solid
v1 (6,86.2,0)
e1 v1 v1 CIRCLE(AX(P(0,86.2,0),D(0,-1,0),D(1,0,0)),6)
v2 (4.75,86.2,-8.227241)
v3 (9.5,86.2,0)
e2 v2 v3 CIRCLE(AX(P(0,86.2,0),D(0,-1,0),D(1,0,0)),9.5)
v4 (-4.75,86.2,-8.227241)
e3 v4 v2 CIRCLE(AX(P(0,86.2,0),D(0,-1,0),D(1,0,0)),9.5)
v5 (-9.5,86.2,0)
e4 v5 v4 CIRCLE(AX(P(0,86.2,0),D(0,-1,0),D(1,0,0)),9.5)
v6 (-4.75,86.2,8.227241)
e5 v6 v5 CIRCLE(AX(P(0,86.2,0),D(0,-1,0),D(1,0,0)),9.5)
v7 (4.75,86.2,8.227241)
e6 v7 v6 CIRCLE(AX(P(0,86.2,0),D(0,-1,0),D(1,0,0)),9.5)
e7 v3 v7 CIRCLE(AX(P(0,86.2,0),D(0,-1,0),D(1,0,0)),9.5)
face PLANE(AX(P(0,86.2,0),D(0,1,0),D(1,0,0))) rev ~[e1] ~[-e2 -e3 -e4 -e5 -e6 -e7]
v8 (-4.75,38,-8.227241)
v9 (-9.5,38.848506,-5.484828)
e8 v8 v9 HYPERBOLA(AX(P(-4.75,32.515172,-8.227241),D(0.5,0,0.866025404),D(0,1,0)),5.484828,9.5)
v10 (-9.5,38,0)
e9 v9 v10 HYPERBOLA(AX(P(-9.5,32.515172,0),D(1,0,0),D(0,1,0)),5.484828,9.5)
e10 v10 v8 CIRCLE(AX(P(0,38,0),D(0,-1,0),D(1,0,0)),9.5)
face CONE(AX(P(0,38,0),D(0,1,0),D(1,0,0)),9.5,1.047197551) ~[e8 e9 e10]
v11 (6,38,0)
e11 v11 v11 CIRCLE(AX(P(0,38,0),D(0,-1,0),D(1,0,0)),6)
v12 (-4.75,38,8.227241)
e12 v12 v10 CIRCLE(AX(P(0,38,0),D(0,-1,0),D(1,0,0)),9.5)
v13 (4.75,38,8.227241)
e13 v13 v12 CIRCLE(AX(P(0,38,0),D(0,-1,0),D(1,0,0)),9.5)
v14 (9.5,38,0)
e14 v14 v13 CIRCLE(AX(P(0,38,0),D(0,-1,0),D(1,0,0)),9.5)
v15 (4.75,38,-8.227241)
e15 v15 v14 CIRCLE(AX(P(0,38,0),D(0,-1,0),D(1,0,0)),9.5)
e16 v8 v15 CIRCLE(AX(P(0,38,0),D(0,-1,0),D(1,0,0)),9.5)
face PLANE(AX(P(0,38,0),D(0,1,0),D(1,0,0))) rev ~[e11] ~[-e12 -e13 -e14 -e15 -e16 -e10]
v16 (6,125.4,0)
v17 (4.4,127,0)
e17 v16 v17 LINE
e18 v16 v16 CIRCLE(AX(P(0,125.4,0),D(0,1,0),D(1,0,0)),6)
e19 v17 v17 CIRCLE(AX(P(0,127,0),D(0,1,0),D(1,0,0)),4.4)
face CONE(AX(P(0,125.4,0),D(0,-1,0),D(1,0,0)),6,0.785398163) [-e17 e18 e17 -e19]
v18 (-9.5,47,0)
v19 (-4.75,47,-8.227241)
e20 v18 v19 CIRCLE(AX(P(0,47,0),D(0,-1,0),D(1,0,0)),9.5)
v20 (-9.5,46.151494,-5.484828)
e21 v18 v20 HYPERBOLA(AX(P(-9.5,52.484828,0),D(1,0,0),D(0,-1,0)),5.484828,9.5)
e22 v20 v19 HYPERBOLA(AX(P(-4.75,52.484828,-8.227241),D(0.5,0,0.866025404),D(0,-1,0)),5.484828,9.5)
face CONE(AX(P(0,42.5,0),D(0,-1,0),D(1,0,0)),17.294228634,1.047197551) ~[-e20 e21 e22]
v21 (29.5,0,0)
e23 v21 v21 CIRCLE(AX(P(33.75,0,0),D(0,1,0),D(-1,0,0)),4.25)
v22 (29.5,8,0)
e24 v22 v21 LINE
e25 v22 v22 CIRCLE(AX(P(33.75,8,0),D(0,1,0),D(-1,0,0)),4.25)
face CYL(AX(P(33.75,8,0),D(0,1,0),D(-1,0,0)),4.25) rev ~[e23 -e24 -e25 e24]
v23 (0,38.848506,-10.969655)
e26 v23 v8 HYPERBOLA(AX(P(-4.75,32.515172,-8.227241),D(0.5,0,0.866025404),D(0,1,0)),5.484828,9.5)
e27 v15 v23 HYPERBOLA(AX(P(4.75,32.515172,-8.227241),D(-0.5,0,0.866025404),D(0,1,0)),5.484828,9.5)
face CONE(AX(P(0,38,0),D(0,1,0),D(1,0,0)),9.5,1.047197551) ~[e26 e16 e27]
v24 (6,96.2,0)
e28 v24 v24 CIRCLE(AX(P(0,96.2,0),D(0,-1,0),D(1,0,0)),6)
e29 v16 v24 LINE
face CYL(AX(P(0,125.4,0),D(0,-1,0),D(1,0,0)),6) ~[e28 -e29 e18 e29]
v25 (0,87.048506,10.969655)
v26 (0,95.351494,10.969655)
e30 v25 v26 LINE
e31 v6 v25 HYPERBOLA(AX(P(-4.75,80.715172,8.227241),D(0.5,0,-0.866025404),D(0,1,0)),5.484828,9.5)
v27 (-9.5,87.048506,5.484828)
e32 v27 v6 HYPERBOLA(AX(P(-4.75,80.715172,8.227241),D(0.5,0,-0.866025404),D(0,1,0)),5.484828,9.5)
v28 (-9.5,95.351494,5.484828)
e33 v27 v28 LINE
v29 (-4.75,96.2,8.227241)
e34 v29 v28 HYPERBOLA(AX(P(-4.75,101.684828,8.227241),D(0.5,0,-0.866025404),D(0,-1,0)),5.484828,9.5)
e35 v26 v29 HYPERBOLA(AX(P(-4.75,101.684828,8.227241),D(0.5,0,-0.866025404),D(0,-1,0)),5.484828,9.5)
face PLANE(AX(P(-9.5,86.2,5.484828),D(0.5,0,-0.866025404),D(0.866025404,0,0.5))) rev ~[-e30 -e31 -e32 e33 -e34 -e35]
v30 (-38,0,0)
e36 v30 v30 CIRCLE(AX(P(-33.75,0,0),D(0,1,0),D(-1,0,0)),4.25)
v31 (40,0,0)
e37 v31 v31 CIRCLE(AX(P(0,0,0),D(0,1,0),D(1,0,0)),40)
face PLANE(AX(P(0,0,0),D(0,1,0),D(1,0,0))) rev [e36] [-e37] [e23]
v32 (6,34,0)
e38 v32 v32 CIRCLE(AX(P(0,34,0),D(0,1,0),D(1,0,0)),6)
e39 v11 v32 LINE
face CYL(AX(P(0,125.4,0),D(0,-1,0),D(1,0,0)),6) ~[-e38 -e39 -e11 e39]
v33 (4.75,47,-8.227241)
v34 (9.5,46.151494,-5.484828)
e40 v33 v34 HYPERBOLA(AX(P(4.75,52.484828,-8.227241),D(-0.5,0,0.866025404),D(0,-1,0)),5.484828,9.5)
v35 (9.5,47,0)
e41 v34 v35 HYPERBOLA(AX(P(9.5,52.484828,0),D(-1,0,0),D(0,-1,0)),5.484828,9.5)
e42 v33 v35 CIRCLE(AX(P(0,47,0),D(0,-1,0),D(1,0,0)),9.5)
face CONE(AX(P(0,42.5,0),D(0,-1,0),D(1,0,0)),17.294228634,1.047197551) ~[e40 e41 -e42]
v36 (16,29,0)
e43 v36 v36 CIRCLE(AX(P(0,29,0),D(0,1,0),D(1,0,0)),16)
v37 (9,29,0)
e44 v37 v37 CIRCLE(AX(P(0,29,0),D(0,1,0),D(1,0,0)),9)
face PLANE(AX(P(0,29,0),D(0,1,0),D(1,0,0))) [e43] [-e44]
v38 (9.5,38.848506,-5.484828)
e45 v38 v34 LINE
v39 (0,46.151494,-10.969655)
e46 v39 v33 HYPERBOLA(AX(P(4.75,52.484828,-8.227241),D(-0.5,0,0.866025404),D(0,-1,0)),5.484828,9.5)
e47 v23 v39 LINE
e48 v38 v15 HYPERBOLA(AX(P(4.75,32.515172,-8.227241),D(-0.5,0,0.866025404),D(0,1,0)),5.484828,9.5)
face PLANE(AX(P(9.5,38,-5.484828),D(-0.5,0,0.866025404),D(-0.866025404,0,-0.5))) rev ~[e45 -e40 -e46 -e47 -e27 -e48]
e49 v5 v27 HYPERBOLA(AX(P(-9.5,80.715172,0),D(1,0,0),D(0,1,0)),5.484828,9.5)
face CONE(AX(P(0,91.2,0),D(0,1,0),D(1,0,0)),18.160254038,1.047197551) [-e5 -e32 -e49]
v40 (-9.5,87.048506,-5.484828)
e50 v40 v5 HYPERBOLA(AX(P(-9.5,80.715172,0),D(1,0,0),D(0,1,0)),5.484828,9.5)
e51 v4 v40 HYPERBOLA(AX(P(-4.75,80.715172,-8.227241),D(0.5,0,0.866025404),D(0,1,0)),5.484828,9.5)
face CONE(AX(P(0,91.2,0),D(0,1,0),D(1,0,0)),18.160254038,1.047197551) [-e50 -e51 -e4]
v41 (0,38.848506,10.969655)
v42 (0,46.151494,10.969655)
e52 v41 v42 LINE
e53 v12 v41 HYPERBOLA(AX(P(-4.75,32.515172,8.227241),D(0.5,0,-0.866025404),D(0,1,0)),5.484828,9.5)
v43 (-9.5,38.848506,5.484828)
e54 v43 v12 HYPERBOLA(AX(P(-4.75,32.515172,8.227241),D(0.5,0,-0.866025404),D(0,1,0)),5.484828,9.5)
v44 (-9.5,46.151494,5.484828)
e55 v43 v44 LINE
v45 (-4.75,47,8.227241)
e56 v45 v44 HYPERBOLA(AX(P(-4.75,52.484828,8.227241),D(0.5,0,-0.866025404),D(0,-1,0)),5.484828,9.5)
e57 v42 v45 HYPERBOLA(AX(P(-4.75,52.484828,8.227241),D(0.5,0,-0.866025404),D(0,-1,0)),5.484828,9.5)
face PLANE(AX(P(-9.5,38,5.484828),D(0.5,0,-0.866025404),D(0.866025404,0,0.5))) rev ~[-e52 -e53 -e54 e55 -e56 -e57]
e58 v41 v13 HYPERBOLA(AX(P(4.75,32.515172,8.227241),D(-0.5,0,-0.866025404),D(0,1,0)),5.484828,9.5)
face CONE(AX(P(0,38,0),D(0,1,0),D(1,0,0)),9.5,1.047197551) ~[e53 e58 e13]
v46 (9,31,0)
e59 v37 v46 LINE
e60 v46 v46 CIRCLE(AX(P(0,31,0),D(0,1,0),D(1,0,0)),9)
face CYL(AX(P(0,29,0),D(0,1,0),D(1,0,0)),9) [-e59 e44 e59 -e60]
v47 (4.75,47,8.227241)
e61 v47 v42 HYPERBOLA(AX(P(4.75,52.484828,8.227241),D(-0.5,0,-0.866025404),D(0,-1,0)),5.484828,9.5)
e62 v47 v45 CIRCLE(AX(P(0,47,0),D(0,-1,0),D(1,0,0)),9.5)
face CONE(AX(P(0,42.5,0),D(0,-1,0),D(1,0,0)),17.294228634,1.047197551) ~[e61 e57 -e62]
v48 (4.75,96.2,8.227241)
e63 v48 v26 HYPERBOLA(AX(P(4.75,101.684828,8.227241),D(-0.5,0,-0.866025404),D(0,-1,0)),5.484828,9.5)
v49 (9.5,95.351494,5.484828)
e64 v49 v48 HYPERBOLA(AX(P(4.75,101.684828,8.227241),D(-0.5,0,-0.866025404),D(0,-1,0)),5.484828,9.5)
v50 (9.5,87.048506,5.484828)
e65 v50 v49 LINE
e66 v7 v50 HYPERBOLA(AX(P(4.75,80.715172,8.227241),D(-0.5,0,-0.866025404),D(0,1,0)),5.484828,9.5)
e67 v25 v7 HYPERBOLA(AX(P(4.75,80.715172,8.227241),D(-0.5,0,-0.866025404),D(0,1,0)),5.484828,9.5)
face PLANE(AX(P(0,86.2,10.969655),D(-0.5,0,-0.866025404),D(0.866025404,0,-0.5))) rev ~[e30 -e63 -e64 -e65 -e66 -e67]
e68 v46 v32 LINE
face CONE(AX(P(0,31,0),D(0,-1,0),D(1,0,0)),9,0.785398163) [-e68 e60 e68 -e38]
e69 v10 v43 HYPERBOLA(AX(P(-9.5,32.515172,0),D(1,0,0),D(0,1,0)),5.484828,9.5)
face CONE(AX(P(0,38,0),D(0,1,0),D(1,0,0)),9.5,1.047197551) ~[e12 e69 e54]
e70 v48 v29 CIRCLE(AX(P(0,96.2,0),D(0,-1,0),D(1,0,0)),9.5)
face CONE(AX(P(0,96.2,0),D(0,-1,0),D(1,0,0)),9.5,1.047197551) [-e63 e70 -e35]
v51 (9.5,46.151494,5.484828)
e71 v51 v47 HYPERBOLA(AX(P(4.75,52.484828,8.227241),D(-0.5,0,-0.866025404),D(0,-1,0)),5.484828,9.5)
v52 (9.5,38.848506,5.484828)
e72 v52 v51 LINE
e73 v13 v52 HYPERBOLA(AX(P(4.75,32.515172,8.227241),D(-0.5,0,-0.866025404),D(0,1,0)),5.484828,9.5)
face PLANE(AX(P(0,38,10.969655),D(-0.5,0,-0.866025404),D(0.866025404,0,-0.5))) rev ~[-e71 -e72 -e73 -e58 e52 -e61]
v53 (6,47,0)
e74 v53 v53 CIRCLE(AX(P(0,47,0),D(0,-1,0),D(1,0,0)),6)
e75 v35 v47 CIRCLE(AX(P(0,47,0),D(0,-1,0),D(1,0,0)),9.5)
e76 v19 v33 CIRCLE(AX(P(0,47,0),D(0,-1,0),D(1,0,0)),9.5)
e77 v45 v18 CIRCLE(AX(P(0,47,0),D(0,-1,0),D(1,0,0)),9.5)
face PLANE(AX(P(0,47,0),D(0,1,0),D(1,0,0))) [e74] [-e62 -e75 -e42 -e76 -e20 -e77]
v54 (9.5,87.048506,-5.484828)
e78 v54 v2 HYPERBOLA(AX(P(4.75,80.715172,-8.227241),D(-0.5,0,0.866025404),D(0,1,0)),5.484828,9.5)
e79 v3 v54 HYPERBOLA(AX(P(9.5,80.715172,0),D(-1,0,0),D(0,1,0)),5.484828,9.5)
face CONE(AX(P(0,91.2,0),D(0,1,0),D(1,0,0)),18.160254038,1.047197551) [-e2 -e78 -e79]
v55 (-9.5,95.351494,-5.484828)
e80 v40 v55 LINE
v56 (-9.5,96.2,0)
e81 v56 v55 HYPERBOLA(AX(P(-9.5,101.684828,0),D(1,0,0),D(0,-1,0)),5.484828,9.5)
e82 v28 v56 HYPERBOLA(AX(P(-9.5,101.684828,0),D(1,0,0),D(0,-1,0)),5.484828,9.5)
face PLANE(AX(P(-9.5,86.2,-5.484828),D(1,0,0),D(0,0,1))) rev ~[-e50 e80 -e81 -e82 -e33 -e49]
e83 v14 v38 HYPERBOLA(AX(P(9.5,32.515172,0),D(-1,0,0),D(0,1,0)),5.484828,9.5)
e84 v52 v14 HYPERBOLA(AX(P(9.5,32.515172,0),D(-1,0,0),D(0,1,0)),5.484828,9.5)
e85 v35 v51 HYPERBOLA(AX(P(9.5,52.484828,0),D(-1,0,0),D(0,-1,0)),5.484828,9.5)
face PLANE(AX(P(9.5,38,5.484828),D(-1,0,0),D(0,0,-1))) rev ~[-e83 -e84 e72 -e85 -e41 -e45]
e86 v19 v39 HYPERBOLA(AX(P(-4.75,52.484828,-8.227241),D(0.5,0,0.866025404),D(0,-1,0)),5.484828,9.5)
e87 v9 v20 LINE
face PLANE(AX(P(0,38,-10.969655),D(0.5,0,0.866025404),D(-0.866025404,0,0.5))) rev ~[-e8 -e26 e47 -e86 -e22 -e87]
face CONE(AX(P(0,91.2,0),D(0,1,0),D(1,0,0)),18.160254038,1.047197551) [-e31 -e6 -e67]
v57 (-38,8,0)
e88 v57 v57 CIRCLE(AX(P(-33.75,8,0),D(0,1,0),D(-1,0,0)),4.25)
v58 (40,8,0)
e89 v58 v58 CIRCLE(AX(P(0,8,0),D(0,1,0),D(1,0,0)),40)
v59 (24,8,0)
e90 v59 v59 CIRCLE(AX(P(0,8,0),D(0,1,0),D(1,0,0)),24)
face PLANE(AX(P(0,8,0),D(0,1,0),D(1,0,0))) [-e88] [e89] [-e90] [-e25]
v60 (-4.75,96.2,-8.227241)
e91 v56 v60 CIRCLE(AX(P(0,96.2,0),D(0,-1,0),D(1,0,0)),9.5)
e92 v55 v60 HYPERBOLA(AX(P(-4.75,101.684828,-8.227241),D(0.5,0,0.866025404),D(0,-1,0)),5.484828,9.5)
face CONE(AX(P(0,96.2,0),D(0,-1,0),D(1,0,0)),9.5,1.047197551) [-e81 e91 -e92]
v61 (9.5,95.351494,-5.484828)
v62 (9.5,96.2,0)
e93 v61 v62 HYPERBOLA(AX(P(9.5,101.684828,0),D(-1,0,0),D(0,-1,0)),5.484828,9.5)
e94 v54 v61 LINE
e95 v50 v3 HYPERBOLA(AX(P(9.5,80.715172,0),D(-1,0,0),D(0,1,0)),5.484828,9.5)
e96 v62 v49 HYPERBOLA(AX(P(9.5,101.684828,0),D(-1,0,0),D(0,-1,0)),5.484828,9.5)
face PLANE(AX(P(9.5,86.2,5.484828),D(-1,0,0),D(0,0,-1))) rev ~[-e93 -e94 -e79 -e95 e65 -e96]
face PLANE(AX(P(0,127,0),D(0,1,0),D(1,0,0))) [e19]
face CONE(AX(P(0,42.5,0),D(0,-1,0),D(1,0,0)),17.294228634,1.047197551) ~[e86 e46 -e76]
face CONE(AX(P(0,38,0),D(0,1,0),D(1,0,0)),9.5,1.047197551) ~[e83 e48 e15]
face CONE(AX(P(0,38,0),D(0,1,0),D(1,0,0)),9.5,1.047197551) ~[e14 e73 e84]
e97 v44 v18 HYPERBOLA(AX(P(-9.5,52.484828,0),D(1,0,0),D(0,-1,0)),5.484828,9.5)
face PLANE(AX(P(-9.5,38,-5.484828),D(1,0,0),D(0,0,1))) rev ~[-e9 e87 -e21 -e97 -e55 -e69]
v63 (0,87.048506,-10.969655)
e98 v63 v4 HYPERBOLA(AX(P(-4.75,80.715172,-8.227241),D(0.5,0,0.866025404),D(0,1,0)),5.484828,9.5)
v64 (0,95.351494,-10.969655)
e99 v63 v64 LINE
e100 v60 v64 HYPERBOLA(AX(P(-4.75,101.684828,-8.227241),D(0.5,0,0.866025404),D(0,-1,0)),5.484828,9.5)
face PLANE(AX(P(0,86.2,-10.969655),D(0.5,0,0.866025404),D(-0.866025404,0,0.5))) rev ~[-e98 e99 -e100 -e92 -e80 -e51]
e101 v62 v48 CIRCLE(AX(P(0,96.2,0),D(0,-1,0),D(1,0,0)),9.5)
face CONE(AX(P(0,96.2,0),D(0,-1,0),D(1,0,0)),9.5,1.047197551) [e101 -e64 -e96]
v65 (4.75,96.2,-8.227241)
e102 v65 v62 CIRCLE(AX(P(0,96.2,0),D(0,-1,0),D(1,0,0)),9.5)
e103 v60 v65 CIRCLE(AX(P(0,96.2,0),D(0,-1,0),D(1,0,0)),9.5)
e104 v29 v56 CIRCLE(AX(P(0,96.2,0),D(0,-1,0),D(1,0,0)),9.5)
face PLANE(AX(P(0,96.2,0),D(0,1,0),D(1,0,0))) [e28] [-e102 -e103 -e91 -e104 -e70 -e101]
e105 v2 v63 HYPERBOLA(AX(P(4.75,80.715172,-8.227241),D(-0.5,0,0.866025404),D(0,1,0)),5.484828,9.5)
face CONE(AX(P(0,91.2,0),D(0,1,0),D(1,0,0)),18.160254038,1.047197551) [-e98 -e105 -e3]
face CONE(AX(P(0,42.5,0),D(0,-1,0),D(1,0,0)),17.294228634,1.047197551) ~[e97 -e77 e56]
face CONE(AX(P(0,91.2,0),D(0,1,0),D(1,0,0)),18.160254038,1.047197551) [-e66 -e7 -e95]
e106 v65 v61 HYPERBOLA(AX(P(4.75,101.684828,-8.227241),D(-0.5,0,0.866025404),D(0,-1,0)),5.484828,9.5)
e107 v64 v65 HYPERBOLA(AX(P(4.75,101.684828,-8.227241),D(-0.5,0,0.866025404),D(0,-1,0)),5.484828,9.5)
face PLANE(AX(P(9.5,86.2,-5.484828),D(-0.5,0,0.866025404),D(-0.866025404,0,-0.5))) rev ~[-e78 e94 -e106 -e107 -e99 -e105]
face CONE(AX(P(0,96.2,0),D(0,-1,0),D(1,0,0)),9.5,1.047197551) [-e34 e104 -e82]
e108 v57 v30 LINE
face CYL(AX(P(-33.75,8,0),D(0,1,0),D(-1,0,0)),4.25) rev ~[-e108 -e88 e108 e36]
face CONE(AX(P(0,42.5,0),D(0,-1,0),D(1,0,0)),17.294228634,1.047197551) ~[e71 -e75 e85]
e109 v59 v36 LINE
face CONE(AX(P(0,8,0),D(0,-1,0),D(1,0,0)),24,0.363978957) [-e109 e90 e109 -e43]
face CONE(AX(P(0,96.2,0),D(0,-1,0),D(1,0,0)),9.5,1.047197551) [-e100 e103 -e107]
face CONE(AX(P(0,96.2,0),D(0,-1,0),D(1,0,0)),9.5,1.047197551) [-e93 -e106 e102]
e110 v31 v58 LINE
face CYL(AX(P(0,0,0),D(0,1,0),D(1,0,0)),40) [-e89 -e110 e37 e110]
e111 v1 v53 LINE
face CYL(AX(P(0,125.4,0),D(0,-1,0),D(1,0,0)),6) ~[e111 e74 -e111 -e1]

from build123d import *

# Parameters (mm, degrees)
EXTRUDE_1_DEPTH     = 9
EXTRUDE_2_DEPTH     = 10
SKETCH_5_R          = 4.25
CUT_EXTRUDE_1_DEPTH = 9


with BuildPart() as part:
    # Эскиз1 → Повернуть1 (revolve)
    with BuildSketch(Plane.XY, mode=Mode.PRIVATE) as revolve_1_sk:
        Polygon((0, 0), (-40, 0), (-40, 8), (-24, 8), (-16, 29), (-9, 29), (-9, 31), (-6, 34), (-6, 38), (-6, 47), (-6, 125.4), (-4.4, 127), (0, 127), align=None)
    revolve(revolve_1_sk.sketch.rotate(Axis((0, 0, 0), (0, 1, 0)), 180), axis=Axis((0, 0, 0), (0, 1, 0)))  # turned: the seam where the file's is

    # Эскиз2 → Бобышка-Вытянуть1 (add)
    with BuildSketch(Plane(origin=(0, 38, 0), x_dir=(1, 0, 0), z_dir=(0, 1, 0))):
        Polygon((0, 10.969655115), (-9.5, 5.484827557), (-9.5, -5.484827557), (0, -10.969655115), (9.5, -5.484827557), (9.5, 5.484827557), align=None)
    extrude(amount=EXTRUDE_1_DEPTH)

    # Эскиз3 → Бобышка-Вытянуть2 (add)
    with BuildSketch(Plane(origin=(0, 86.2, 0), x_dir=(1, 0, 0), z_dir=(0, 1, 0))):
        Polygon((9.5, 5.484827557), (0, 10.969655115), (-9.5, 5.484827557), (-9.5, -5.484827557), (0, -10.969655115), (9.5, -5.484827557), align=None)
    extrude(amount=EXTRUDE_2_DEPTH)

    # Эскиз4 → Вырез-Повернуть2 (revolve, cut)
    with BuildSketch(Plane.XY, mode=Mode.PRIVATE) as cut_revolve_2_sk:
        Polygon((-18.160254038, 96.2), (-9.5, 96.2), (-18.160254038, 91.2), align=None)
        Polygon((-18.160254038, 86.2), (-18.160254038, 91.2), (-9.5, 86.2), align=None)
        Polygon((-17.294228634, 47), (-17.294228634, 42.5), (-9.5, 47), align=None)
        Polygon((-17.294228634, 42.5), (-17.294228634, 38), (-9.5, 38), align=None)
    revolve(cut_revolve_2_sk.sketch.rotate(Axis((0, 127, 0), (0, -1, 0)), 180), axis=Axis((0, 127, 0), (0, -1, 0)), mode=Mode.SUBTRACT)  # turned: the seam where the file's is

    # Эскиз5 → Вырез-Вытянуть1 (cut, through all)
    with BuildSketch(Plane(origin=(0, 8, 0), x_dir=(1, 0, 0), z_dir=(0, 1, 0))):
        with Locations(Location((-33.75, 0, 0), (0, 0, 180))):  # turned: the seam where the file's is
            Circle(SKETCH_5_R)
        with Locations(Location((33.75, 0, 0), (0, 0, 180))):  # turned: the seam where the file's is
            Circle(SKETCH_5_R)
    extrude(amount=-CUT_EXTRUDE_1_DEPTH, mode=Mode.SUBTRACT)


solid = part.part
